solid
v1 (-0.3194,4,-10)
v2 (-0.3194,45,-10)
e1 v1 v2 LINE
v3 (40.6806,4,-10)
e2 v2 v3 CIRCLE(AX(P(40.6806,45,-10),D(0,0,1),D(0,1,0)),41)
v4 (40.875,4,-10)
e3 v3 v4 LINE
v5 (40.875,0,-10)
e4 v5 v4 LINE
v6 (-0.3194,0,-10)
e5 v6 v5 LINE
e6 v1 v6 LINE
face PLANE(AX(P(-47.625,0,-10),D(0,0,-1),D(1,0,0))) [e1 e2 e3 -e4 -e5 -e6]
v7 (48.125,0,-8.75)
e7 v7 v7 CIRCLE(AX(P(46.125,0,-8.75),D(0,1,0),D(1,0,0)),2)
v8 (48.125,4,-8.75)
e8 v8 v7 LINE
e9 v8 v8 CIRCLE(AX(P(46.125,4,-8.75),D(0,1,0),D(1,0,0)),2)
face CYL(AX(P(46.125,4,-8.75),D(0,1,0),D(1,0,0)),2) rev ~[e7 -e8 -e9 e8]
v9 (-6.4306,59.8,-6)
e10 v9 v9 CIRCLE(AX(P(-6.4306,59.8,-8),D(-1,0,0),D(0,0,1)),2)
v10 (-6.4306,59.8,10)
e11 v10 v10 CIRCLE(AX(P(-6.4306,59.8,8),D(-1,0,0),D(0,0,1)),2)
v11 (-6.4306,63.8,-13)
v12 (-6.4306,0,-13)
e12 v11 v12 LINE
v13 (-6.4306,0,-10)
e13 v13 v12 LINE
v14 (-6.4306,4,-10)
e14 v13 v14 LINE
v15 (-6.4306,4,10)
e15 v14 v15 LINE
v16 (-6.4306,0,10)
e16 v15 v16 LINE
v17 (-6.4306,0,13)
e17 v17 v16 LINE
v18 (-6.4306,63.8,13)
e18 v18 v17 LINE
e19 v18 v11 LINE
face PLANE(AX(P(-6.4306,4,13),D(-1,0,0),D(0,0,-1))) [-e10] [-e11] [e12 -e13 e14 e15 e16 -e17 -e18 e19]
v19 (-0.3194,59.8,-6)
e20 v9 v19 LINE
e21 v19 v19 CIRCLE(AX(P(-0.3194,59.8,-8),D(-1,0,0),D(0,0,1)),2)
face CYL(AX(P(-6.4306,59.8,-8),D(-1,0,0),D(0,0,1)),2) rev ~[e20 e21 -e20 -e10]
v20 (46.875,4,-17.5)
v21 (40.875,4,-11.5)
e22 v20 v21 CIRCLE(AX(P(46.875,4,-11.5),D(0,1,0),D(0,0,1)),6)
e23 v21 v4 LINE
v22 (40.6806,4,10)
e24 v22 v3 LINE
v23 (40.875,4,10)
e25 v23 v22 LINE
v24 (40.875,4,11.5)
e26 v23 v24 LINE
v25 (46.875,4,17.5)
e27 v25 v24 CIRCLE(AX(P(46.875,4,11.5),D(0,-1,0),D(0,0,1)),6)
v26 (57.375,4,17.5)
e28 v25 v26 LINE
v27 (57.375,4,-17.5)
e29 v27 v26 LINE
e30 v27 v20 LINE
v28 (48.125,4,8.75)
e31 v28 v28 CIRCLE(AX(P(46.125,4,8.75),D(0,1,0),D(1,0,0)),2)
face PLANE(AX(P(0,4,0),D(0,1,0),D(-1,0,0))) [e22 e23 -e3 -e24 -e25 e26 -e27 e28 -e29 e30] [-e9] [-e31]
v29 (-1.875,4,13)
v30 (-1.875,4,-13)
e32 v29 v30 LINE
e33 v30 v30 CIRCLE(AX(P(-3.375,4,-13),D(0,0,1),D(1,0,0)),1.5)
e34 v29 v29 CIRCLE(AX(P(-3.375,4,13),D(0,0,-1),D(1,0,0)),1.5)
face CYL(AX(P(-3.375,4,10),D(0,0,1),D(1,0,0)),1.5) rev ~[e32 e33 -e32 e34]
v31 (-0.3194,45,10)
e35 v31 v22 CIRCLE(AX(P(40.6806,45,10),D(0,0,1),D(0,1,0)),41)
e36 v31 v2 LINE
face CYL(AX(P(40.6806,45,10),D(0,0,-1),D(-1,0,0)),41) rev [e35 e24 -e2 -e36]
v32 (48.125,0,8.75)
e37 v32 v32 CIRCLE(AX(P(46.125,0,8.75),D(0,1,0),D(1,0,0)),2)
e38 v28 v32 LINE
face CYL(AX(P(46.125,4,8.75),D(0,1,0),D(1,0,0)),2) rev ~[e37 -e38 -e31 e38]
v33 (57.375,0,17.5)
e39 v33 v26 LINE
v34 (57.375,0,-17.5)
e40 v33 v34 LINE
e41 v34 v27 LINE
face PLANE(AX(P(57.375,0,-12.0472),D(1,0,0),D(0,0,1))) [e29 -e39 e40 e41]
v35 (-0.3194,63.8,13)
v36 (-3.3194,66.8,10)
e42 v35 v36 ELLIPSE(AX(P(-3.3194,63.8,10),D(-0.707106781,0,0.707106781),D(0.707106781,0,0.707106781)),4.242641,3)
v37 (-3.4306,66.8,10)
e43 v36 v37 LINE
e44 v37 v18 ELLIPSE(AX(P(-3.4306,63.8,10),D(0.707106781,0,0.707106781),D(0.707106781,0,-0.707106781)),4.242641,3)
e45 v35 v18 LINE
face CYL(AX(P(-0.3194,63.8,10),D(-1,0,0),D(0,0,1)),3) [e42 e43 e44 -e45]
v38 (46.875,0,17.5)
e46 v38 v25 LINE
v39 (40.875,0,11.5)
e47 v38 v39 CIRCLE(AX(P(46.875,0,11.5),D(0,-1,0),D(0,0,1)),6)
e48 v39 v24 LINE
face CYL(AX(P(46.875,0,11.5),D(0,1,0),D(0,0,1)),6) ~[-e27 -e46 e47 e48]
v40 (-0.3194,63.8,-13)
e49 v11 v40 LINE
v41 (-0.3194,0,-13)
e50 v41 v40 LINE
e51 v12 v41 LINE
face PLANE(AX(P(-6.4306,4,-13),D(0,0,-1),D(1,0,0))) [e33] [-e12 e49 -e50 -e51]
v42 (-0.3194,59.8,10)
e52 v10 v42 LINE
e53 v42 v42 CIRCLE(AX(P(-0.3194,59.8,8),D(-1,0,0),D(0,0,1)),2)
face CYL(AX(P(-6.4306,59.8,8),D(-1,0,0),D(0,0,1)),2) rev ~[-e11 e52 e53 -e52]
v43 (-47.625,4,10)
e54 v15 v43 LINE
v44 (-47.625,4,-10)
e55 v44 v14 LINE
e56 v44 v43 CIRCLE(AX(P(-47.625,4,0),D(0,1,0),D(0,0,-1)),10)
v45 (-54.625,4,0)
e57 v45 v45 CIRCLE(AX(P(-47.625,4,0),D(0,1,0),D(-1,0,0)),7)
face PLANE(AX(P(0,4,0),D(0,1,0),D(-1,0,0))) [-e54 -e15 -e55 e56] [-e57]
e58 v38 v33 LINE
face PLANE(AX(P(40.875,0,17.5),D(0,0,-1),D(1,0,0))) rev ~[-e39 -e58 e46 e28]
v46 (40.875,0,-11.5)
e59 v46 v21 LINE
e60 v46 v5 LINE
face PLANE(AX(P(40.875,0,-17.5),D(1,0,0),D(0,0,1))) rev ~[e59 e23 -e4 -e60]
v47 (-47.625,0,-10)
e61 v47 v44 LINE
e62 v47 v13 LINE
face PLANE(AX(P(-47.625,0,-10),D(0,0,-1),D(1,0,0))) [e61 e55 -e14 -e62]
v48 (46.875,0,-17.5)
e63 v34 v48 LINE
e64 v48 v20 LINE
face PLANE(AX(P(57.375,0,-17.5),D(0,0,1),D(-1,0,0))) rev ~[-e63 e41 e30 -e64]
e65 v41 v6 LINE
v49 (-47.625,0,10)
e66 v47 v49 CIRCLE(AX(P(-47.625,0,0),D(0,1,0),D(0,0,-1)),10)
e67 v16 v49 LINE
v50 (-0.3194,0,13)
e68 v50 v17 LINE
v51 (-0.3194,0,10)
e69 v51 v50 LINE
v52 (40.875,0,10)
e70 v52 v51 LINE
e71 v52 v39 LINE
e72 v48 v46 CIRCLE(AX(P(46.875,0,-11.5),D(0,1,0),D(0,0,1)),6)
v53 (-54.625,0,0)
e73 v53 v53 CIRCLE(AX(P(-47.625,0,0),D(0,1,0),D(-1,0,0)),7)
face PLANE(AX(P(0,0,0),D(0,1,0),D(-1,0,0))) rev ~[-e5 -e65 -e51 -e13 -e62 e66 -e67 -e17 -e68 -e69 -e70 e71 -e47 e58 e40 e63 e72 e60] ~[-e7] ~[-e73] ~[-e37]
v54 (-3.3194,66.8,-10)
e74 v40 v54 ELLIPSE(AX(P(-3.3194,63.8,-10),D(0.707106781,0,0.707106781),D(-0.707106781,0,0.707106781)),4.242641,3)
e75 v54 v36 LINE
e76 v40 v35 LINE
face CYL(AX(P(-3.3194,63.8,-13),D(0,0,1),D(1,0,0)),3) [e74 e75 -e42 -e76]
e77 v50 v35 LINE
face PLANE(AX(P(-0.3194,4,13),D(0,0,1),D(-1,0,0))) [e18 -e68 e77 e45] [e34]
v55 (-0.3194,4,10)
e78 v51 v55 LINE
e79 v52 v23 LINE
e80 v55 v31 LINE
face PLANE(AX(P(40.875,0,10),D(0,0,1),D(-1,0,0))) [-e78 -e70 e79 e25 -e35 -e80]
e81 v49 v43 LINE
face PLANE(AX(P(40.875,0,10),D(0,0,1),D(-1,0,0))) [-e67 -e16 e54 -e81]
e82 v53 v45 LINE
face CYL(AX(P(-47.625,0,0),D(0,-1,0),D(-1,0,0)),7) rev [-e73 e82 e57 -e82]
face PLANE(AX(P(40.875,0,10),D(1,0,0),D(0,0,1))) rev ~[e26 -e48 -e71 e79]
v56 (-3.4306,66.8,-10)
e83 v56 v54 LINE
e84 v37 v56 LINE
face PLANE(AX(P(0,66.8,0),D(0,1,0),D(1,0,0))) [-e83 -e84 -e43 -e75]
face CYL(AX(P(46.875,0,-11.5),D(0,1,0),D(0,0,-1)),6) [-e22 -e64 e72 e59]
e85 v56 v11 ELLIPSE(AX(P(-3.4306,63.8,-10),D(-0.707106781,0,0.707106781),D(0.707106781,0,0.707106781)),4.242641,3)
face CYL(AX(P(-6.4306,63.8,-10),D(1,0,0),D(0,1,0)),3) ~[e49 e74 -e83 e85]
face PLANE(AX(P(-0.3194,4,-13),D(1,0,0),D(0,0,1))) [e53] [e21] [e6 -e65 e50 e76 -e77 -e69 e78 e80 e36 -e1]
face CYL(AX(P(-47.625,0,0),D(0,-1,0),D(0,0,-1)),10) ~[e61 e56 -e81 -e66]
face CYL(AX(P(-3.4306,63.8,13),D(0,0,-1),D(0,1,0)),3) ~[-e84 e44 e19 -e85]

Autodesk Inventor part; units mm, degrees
ref_plane "YZ Plane" through (0, 0, 0) normal (1, 0, 0) x (0, 1, 0)
ref_plane "XZ Plane" through (0, 0, 0) normal (0, 1, 0) x (-1, 0, 0)
ref_plane "XY Plane" through (0, 0, 0) normal (0, 0, 1) x (1, 0, 0)
sketch "Main Sketch" plane through (0, 0, 0) normal (0, 1, 0) x (-1, 0, 0)
  line L0 (-57.375, -12.0472) -> (-57.375, 12.0472)
  line L1 (-57.375, 12.0472) -> (47.625, -10) construction
  line L2 (47.625, 10) -> (-57.375, -12.0472) construction
  circle A0 centre (47.625, 0) radius 7
  arc A1 (47.625, -10) -> (47.625, 10) centre (47.625, 0) ccw
  line L3 (-40.875, 17.5) -> (-57.375, 17.5)
  line L4 (-57.375, 17.5) -> (-57.375, -17.5)
  line L5 (-57.375, -17.5) -> (-40.875, -17.5)
  line L6 (-40.875, 17.5) -> (-57.375, -17.5) construction
  line L7 (-57.375, 17.5) -> (-40.875, -17.5) construction
  line L8 (47.625, -10) -> (-40.875, -10)
  line L9 (-40.875, -17.5) -> (-40.875, -10)
  line L10 (-40.875, 10) -> (-40.875, 17.5)
  line L11 (-40.875, 10) -> (47.625, 10)
  point P0 (0, 0)
  point P1 (-49.125, 0)
  dimension "d3" = 14
  dimension "d4" = 105
  dimension "d13" = 16.5
  dimension "d14" = 35
  dimension "d15" = 0
  dimension "d18" = 20
extrude "Main Extrusion" add sketch "Main Sketch" along normal blind 4
sketch "Screw Holes Sketch" plane through (0, 4, 0) normal (0, 1, 0) x (1, 0, 0)
  circle A0 centre (46.125, -8.75) radius 2
  line L0 (57.375, 17.5) -> (40.875, 17.5) projected
  line L1 (40.875, -17.5) -> (57.375, -17.5) projected
  line L2 (35.2664, 0) -> (65.7891, 0)
  line L3 (51.375, -27.0398) -> (51.375, 30.2346) construction
  line L4 (57.375, -17.5) -> (57.375, 17.5) projected
  line L5 (40.875, -10) -> (40.875, -17.5) projected
  circle A1 centre (46.125, 8.75) radius 2
  line L6 (51.375, 27.0398) -> (51.375, -30.2346) construction
  point P0 (0, 0)
  dimension "d21" = 4
  dimension "d22" = 35
  dimension "d23" = 6
  dimension "d24" = 5.25
  dimension "d25" = 5.25
  dimension "d26" = 10.5
  dimension "d27" = 8.75
  dimension "d28" = 17.5
extrude "Screw Holes Cut" cut sketch "Screw Holes Sketch" against normal through all
fillet "Smoooooooooooooooooth" radius 6 2 edges at (40.875, 2, -17.5) (40.875, 2, 17.5)
sketch "Side Axel Hole Sketch" plane through (-47.625, 0, 10) normal (0, 0, 1) x (1, 0, 0)
  line L0 (88.5, 4) -> (88.5, 0) projected
  line L1 (0, 0) -> (0, 4) projected
  line L2 (44.25, -12.0383) -> (44.25, 22.7681) construction
  line L3 (88.5, 0) -> (0, 0) projected
  line L4 (0, 4) -> (88.5, 4) projected
  circle A0 centre (44.25, 4) radius 1.5
  point P0 (47.625, 0)
  dimension "d32" = 88.5
  dimension "d33" = 44.25
  dimension "d34" = 44.25
  dimension "d35" = 4
  dimension "d41" = 3
sketch "Sketch7" plane through (0, 4, 0) normal (0, 1, 0) x (1, 0, 0)
  line L0 (-47.625, -10) -> (40.875, -10) construction
  line L1 (-3.375, -10) -> (-3.375, 33.3565) construction
  line L2 (-0.3194, -13) -> (-6.4306, -13)
  line L3 (-6.4306, -13) -> (-6.4306, 13)
  line L4 (-6.4306, 13) -> (-0.3194, 13)
  line L5 (-0.3194, 13) -> (-0.3194, -13)
  line L6 (-0.3194, -13) -> (-6.4306, 13) construction
  line L7 (-6.4306, -13) -> (-0.3194, 13) construction
  point P0 (0, 0)
  point P1 (-3.375, 0)
  dimension "d47" = 26
extrude "Servo Mount Extrusion" add sketch "Sketch7" along normal blind 62.8 and the other way blind 4
extrude "Side Axel Cut" cut sketch "Side Axel Hole Sketch" along normal through all both and the other way through all contours A0 L4 | L4 A0
sketch "Sketch8" plane through (-6.4306, 4, -10) normal (-1, 0, 0) x (0, 0, 1)
  line L0 (23, 62.8) -> (23, -4) construction
  line L1 (-3, 62.8) -> (23, 62.8) construction
  line L2 (-3, 62.8) -> (-3, -4) construction
  circle A0 centre (2, 55.8) radius 2
  circle A1 centre (18, 55.8) radius 2
  point P0 (10, -4)
  dimension "d54" = 4
  dimension "d55" = 4
  dimension "d56" = 16
  dimension "d57" = 7
  dimension "d58" = 7
  dimension "d59" = 5
  dimension "d60" = 5
extrude "Mount Holes Cut" cut sketch "Sketch8" against normal through all
fillet "Support" radius 41 1 edges at (-0.3194, 4, 0)
fillet "lil hat" radius 3 4 edges at (-0.3194, 66.8, 0) (-3.375, 66.8, -13) (-6.4306, 66.8, 0) (-3.375, 66.8, 13)
properties part number "TapeMeasureBracketSideServo"
